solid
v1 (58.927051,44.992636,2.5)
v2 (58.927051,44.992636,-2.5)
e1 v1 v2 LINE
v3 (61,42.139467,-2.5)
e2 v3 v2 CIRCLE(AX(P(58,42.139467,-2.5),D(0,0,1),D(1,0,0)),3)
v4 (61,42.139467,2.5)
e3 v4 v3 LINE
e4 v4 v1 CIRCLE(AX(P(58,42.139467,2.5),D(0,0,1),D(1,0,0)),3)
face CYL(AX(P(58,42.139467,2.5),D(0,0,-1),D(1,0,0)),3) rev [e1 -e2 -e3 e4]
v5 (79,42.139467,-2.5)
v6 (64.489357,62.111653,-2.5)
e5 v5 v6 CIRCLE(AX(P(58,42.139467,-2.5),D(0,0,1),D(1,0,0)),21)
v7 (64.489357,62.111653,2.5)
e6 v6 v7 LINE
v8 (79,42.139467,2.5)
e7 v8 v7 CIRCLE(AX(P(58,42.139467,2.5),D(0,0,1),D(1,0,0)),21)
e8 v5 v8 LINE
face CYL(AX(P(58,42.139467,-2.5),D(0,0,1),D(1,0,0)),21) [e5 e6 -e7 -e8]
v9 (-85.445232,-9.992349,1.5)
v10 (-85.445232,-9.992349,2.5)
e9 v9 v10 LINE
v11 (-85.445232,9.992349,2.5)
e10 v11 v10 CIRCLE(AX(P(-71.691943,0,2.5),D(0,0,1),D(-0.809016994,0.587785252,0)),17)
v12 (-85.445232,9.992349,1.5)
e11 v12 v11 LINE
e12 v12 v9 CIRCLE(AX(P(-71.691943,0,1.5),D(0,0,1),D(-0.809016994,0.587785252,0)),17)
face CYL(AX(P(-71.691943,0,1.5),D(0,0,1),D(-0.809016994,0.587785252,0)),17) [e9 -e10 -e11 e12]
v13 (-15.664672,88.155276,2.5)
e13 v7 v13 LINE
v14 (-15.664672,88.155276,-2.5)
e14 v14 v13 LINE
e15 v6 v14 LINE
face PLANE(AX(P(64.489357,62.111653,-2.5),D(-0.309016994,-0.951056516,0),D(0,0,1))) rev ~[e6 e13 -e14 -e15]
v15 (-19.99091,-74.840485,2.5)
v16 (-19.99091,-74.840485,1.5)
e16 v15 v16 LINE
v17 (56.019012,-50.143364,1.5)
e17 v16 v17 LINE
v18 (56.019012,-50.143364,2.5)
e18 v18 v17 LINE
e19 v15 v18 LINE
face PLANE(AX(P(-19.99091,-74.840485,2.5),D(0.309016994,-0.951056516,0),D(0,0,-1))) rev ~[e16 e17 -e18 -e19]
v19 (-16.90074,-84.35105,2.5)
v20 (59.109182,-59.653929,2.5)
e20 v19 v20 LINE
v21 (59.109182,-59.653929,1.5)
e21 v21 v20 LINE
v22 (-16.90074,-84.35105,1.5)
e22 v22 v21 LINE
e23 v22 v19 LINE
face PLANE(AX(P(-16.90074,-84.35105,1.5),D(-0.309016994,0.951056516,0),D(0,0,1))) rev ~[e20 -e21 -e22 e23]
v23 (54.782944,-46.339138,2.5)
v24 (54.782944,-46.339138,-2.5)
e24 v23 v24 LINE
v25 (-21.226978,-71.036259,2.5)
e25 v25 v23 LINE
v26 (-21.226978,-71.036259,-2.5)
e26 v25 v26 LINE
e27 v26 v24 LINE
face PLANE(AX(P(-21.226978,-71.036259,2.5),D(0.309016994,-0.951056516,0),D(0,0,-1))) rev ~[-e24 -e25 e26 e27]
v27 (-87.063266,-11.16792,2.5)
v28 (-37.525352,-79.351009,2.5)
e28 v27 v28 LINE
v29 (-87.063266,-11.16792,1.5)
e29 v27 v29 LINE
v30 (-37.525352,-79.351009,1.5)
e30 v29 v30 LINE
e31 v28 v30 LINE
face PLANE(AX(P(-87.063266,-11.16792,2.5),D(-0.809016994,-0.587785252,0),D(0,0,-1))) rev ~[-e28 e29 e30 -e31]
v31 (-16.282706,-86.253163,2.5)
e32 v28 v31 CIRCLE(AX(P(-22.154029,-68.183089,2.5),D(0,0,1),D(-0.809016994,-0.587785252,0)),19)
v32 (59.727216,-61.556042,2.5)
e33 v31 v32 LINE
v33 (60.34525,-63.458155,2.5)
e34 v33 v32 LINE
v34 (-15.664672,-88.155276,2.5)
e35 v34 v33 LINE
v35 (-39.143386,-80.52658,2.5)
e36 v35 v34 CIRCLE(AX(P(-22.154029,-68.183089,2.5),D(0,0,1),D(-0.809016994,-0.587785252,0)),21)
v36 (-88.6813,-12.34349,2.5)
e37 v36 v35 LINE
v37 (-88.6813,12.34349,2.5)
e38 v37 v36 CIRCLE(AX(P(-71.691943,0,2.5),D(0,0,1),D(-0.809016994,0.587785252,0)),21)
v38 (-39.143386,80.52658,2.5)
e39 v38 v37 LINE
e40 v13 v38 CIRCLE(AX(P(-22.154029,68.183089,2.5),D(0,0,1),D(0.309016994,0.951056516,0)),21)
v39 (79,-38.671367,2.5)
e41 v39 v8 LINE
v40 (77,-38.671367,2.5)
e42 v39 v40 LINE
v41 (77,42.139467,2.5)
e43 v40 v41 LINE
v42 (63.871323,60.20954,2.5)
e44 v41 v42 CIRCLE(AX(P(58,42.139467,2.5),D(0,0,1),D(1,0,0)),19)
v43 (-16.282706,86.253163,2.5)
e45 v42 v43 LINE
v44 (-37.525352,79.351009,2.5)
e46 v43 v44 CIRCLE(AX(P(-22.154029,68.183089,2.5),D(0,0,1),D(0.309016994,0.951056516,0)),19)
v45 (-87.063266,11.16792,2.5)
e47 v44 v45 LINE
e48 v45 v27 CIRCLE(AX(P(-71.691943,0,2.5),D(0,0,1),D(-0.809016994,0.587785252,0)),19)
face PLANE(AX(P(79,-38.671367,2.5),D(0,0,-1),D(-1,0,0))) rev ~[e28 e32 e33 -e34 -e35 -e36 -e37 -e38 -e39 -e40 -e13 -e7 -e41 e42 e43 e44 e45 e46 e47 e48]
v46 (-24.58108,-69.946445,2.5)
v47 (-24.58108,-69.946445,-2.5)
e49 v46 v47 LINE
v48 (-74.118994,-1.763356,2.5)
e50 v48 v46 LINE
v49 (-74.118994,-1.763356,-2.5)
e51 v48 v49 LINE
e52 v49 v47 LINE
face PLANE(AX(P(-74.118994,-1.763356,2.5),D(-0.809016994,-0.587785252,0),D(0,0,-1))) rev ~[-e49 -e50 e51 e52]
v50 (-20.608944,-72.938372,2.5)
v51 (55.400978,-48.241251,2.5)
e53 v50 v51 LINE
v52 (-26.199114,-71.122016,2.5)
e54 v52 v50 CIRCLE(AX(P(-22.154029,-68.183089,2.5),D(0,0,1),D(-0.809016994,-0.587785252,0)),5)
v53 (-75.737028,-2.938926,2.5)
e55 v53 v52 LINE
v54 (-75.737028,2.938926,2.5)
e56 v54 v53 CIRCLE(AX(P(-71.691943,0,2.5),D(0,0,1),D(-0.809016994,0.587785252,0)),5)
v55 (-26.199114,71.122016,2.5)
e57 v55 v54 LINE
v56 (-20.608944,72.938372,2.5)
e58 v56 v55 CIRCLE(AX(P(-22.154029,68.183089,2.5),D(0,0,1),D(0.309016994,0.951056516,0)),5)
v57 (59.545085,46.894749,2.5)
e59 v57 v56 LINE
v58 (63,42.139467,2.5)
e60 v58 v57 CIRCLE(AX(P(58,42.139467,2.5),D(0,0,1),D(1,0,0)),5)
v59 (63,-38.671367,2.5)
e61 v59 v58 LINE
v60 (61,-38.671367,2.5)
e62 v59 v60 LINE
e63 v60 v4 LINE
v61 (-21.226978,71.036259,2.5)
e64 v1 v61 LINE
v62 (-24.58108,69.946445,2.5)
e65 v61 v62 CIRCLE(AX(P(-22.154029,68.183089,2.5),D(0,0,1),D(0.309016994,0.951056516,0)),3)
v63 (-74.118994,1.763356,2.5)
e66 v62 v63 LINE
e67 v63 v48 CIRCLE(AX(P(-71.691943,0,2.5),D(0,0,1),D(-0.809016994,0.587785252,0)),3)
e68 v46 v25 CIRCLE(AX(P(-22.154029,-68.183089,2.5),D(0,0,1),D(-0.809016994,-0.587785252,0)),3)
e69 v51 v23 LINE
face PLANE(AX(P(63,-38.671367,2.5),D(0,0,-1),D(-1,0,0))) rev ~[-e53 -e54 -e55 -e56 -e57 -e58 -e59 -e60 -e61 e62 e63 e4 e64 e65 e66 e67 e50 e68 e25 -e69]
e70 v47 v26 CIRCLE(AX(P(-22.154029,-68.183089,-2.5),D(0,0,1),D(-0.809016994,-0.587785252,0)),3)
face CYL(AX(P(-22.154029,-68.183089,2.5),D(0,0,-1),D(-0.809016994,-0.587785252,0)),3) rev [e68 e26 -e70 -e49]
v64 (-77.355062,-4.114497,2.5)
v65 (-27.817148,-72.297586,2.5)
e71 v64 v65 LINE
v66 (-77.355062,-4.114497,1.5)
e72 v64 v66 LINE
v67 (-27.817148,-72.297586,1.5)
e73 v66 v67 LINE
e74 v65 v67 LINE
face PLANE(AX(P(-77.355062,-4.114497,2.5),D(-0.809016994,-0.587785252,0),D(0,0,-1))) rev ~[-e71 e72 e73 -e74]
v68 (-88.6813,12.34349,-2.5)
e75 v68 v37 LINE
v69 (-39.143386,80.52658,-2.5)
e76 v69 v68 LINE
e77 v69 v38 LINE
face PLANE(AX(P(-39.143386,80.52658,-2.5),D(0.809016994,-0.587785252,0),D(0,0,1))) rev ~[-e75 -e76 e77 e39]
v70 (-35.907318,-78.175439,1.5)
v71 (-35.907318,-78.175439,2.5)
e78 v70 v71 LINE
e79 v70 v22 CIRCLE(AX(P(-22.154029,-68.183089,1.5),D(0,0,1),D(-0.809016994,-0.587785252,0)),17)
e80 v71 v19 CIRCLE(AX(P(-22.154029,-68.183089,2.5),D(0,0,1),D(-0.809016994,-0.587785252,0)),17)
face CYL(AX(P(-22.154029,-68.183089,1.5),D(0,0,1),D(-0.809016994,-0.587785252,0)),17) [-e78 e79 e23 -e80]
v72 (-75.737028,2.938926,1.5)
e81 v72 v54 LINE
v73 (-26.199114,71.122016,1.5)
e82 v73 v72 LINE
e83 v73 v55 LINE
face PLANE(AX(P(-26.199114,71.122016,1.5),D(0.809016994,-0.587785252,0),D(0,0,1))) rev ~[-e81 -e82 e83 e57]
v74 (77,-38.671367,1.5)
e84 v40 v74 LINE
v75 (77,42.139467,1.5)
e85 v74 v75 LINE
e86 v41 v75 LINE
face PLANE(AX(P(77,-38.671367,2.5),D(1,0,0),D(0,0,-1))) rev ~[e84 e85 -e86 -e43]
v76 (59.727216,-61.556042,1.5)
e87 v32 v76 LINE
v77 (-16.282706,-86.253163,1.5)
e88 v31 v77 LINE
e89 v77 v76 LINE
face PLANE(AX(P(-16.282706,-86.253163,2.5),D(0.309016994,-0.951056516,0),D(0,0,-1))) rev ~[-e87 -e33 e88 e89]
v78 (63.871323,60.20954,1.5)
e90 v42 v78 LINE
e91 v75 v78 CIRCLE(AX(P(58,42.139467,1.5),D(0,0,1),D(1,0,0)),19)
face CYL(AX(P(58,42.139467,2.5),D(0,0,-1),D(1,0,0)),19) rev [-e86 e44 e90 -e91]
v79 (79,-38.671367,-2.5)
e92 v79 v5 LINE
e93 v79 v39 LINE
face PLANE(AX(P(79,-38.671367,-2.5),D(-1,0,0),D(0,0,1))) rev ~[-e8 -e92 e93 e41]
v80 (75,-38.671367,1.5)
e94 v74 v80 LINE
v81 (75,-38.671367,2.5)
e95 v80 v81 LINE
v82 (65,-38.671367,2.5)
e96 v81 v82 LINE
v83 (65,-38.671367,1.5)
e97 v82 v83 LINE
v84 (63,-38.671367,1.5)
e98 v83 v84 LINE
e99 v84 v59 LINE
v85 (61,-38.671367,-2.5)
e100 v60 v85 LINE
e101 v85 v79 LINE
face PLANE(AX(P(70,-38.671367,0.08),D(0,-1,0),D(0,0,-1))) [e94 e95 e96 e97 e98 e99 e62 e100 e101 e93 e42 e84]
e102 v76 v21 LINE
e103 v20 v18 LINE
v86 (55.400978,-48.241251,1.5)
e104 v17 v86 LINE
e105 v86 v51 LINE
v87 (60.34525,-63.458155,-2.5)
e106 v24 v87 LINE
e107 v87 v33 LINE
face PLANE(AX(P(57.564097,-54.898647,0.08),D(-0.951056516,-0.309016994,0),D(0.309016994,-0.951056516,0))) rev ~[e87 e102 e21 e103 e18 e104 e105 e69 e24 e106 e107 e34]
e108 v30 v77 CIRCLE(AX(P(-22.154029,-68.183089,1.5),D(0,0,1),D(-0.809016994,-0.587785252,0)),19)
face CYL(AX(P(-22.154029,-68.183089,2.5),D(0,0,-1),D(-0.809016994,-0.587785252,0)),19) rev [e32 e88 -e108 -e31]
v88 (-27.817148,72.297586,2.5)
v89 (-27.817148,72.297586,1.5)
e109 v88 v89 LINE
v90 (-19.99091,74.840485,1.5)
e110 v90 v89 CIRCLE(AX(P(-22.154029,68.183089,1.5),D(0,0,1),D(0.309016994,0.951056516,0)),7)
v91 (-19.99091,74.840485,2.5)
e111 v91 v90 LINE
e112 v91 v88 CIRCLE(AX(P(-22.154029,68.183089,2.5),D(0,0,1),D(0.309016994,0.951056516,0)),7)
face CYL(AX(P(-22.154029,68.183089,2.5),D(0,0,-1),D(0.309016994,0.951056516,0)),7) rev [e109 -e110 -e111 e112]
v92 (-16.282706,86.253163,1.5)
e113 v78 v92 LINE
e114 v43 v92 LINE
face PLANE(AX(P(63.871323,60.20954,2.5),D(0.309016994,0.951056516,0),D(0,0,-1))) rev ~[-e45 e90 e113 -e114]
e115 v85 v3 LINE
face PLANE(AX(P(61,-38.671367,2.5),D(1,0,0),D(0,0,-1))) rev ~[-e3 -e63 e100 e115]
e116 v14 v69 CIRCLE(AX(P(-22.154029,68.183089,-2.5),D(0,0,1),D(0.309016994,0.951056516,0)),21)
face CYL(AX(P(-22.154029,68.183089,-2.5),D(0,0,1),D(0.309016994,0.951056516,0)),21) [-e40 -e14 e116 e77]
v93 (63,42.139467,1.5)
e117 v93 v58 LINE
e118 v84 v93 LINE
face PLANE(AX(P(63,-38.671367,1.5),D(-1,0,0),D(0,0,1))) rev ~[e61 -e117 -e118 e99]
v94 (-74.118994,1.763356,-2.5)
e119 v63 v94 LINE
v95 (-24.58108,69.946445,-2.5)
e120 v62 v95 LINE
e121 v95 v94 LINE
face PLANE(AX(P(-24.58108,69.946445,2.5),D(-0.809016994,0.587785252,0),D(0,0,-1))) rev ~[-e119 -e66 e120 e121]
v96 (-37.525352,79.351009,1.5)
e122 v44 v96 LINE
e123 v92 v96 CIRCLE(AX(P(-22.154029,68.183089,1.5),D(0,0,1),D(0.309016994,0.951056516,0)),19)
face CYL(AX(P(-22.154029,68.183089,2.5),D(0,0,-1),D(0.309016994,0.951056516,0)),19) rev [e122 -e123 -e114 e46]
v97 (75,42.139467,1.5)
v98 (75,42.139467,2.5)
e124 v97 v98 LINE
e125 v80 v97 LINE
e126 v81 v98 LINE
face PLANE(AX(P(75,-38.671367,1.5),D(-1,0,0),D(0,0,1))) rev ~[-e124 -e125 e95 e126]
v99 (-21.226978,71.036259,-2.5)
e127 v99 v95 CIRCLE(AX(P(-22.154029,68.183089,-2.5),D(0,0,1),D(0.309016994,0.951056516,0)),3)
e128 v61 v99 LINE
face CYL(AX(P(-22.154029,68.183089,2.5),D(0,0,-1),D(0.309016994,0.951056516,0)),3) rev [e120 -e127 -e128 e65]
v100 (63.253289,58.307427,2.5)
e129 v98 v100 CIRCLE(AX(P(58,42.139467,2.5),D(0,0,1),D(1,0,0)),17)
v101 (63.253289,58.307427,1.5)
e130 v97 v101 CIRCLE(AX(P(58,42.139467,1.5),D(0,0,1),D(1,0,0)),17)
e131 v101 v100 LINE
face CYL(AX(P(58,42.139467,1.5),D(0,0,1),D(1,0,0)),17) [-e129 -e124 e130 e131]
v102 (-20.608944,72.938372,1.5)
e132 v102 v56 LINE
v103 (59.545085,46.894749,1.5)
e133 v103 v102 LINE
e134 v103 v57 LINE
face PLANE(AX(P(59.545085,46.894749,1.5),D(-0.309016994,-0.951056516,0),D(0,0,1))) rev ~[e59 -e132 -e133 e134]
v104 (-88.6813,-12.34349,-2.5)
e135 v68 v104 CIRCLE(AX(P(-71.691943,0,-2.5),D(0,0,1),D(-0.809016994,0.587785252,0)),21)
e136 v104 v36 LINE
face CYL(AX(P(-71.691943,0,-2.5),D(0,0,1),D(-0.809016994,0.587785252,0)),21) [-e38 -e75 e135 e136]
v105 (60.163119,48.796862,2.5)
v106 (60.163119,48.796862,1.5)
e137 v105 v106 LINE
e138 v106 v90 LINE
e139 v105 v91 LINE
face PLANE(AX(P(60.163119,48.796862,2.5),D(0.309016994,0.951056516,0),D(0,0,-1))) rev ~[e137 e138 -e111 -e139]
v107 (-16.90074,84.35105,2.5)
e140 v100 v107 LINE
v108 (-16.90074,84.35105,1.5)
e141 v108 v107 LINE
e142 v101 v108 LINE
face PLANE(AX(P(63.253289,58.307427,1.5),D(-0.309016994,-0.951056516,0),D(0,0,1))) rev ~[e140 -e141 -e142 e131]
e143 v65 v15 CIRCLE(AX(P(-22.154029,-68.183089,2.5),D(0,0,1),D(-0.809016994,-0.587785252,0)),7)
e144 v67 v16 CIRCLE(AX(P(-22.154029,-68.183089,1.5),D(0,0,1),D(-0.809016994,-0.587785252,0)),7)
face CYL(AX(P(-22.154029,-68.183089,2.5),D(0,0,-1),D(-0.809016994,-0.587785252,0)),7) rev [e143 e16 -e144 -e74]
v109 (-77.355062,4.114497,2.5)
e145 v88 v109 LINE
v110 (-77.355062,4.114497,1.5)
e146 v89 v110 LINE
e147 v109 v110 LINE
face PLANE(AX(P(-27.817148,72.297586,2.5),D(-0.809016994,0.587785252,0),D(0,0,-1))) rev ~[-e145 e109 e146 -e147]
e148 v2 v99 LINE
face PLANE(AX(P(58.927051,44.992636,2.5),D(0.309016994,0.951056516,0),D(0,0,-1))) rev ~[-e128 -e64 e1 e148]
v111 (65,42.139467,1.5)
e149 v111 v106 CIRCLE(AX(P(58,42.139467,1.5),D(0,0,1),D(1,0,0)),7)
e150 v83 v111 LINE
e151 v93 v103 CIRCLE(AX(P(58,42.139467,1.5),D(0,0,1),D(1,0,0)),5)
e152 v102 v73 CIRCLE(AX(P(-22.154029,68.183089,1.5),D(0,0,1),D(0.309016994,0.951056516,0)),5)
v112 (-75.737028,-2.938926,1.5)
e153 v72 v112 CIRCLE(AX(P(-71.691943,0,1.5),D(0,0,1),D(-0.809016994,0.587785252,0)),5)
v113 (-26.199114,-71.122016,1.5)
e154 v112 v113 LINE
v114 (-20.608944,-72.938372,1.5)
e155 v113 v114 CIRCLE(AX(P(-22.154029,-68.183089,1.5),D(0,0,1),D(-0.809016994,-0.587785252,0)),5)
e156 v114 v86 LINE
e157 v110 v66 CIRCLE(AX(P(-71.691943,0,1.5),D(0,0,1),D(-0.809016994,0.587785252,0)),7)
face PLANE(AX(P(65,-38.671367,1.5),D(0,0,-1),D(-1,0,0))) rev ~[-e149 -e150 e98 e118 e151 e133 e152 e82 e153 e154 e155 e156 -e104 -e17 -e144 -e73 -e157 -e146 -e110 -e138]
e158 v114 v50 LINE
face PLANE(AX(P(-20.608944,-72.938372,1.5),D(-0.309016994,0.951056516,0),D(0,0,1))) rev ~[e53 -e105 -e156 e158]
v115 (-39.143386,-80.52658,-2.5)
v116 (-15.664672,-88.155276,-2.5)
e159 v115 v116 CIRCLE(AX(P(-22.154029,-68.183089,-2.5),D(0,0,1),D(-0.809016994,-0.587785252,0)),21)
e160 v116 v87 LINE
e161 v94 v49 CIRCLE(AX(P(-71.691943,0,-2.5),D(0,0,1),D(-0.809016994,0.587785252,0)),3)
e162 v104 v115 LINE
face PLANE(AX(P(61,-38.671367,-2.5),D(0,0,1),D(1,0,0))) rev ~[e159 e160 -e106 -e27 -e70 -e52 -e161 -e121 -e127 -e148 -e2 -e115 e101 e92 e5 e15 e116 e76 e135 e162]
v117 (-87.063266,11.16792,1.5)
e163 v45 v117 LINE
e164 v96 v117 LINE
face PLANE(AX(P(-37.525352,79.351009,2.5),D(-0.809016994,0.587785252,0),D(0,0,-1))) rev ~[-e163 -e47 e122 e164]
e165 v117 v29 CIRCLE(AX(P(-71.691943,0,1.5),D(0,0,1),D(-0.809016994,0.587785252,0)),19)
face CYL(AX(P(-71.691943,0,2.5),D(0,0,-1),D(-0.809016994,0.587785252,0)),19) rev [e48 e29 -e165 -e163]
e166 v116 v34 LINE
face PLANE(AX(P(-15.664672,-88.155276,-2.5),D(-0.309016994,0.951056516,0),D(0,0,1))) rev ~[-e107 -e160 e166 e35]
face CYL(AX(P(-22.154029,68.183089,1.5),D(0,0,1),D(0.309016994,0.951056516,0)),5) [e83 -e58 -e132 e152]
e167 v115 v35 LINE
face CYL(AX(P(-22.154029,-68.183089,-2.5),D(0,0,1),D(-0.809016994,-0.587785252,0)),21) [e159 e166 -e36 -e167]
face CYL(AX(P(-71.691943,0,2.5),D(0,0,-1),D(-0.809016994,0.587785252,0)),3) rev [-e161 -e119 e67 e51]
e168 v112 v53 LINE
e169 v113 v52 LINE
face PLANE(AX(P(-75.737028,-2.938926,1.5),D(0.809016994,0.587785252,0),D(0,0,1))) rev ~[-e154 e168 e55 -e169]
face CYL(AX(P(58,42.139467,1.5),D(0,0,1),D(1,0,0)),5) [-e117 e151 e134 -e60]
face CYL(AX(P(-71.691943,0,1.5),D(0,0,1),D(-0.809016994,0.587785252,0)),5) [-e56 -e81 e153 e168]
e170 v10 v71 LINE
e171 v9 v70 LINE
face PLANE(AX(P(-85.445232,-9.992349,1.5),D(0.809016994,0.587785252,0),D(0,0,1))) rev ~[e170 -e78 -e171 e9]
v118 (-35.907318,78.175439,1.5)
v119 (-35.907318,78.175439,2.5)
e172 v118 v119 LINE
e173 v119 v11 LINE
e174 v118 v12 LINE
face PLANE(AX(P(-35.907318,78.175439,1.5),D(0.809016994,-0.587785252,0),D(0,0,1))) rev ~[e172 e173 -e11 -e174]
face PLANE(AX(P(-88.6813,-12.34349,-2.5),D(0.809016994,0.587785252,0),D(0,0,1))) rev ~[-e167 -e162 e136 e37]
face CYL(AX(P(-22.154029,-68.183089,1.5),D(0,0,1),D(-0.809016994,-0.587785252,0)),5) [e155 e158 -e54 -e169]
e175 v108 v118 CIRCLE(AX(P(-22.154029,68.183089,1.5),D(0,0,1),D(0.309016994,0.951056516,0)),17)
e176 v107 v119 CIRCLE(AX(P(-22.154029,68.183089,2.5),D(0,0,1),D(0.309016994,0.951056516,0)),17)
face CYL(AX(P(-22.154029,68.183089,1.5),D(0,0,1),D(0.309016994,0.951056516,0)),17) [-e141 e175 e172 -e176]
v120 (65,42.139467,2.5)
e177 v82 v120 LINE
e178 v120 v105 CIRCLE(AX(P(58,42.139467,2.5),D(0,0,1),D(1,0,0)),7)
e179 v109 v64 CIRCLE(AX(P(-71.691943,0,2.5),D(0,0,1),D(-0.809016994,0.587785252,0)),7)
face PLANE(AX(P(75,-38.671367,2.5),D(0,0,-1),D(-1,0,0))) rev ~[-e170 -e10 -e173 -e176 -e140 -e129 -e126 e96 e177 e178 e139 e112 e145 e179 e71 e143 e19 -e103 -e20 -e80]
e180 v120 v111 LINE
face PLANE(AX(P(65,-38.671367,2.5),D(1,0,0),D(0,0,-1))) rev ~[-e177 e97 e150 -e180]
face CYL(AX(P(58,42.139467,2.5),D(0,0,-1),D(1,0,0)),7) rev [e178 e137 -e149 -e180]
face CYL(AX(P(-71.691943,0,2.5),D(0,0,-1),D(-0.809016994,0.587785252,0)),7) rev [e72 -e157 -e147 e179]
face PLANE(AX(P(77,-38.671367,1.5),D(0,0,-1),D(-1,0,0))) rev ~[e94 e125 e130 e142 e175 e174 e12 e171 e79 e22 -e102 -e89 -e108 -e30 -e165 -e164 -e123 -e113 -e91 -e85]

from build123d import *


with BuildPart() as f2:
    # F2: sweep along a path in F0
    with BuildLine(Plane.XY) as f2_path:
        Line((70, -38.6713670124), (70, 42.1394666243))
        ThreePointArc((70, 42.1394666243), (67.7082039325, 49.1928896518), (61.7082039325, 53.5521448199))
        Line((61.7082039325, 53.5521448199), (-18.44582472, 79.5957674615))
        ThreePointArc((-18.44582472, 79.5957674615), (-25.862232585, 79.5957674615), (-31.862232585, 75.2365122934))
        Line((-31.862232585, 75.2365122934), (-81.4001466275, 7.0534230275))
        ThreePointArc((-81.4001466275, 7.0534230275), (-83.691942695, 0), (-81.4001466275, -7.0534230275))
        Line((-81.4001466275, -7.0534230275), (-31.862232585, -75.2365122934))
        ThreePointArc((-31.862232585, -75.2365122934), (-25.862232585, -79.5957674615), (-18.44582472, -79.5957674615))
        Line((-18.44582472, -79.5957674615), (57.5640973422, -54.8986466743))
    # F1 (on Front) → F2 (sweep)
    with BuildSketch(Plane.XZ):
        Polygon((61, -2.5), (79, -2.5), (79, 2.5), (77, 2.5), (77, 1.5), (75, 1.5), (75, 2.5), (65, 2.5), (65, 1.5), (63, 1.5), (63, 2.5), (61, 2.5), align=None)
    sweep(path=f2_path.line)


solid = f2.part
